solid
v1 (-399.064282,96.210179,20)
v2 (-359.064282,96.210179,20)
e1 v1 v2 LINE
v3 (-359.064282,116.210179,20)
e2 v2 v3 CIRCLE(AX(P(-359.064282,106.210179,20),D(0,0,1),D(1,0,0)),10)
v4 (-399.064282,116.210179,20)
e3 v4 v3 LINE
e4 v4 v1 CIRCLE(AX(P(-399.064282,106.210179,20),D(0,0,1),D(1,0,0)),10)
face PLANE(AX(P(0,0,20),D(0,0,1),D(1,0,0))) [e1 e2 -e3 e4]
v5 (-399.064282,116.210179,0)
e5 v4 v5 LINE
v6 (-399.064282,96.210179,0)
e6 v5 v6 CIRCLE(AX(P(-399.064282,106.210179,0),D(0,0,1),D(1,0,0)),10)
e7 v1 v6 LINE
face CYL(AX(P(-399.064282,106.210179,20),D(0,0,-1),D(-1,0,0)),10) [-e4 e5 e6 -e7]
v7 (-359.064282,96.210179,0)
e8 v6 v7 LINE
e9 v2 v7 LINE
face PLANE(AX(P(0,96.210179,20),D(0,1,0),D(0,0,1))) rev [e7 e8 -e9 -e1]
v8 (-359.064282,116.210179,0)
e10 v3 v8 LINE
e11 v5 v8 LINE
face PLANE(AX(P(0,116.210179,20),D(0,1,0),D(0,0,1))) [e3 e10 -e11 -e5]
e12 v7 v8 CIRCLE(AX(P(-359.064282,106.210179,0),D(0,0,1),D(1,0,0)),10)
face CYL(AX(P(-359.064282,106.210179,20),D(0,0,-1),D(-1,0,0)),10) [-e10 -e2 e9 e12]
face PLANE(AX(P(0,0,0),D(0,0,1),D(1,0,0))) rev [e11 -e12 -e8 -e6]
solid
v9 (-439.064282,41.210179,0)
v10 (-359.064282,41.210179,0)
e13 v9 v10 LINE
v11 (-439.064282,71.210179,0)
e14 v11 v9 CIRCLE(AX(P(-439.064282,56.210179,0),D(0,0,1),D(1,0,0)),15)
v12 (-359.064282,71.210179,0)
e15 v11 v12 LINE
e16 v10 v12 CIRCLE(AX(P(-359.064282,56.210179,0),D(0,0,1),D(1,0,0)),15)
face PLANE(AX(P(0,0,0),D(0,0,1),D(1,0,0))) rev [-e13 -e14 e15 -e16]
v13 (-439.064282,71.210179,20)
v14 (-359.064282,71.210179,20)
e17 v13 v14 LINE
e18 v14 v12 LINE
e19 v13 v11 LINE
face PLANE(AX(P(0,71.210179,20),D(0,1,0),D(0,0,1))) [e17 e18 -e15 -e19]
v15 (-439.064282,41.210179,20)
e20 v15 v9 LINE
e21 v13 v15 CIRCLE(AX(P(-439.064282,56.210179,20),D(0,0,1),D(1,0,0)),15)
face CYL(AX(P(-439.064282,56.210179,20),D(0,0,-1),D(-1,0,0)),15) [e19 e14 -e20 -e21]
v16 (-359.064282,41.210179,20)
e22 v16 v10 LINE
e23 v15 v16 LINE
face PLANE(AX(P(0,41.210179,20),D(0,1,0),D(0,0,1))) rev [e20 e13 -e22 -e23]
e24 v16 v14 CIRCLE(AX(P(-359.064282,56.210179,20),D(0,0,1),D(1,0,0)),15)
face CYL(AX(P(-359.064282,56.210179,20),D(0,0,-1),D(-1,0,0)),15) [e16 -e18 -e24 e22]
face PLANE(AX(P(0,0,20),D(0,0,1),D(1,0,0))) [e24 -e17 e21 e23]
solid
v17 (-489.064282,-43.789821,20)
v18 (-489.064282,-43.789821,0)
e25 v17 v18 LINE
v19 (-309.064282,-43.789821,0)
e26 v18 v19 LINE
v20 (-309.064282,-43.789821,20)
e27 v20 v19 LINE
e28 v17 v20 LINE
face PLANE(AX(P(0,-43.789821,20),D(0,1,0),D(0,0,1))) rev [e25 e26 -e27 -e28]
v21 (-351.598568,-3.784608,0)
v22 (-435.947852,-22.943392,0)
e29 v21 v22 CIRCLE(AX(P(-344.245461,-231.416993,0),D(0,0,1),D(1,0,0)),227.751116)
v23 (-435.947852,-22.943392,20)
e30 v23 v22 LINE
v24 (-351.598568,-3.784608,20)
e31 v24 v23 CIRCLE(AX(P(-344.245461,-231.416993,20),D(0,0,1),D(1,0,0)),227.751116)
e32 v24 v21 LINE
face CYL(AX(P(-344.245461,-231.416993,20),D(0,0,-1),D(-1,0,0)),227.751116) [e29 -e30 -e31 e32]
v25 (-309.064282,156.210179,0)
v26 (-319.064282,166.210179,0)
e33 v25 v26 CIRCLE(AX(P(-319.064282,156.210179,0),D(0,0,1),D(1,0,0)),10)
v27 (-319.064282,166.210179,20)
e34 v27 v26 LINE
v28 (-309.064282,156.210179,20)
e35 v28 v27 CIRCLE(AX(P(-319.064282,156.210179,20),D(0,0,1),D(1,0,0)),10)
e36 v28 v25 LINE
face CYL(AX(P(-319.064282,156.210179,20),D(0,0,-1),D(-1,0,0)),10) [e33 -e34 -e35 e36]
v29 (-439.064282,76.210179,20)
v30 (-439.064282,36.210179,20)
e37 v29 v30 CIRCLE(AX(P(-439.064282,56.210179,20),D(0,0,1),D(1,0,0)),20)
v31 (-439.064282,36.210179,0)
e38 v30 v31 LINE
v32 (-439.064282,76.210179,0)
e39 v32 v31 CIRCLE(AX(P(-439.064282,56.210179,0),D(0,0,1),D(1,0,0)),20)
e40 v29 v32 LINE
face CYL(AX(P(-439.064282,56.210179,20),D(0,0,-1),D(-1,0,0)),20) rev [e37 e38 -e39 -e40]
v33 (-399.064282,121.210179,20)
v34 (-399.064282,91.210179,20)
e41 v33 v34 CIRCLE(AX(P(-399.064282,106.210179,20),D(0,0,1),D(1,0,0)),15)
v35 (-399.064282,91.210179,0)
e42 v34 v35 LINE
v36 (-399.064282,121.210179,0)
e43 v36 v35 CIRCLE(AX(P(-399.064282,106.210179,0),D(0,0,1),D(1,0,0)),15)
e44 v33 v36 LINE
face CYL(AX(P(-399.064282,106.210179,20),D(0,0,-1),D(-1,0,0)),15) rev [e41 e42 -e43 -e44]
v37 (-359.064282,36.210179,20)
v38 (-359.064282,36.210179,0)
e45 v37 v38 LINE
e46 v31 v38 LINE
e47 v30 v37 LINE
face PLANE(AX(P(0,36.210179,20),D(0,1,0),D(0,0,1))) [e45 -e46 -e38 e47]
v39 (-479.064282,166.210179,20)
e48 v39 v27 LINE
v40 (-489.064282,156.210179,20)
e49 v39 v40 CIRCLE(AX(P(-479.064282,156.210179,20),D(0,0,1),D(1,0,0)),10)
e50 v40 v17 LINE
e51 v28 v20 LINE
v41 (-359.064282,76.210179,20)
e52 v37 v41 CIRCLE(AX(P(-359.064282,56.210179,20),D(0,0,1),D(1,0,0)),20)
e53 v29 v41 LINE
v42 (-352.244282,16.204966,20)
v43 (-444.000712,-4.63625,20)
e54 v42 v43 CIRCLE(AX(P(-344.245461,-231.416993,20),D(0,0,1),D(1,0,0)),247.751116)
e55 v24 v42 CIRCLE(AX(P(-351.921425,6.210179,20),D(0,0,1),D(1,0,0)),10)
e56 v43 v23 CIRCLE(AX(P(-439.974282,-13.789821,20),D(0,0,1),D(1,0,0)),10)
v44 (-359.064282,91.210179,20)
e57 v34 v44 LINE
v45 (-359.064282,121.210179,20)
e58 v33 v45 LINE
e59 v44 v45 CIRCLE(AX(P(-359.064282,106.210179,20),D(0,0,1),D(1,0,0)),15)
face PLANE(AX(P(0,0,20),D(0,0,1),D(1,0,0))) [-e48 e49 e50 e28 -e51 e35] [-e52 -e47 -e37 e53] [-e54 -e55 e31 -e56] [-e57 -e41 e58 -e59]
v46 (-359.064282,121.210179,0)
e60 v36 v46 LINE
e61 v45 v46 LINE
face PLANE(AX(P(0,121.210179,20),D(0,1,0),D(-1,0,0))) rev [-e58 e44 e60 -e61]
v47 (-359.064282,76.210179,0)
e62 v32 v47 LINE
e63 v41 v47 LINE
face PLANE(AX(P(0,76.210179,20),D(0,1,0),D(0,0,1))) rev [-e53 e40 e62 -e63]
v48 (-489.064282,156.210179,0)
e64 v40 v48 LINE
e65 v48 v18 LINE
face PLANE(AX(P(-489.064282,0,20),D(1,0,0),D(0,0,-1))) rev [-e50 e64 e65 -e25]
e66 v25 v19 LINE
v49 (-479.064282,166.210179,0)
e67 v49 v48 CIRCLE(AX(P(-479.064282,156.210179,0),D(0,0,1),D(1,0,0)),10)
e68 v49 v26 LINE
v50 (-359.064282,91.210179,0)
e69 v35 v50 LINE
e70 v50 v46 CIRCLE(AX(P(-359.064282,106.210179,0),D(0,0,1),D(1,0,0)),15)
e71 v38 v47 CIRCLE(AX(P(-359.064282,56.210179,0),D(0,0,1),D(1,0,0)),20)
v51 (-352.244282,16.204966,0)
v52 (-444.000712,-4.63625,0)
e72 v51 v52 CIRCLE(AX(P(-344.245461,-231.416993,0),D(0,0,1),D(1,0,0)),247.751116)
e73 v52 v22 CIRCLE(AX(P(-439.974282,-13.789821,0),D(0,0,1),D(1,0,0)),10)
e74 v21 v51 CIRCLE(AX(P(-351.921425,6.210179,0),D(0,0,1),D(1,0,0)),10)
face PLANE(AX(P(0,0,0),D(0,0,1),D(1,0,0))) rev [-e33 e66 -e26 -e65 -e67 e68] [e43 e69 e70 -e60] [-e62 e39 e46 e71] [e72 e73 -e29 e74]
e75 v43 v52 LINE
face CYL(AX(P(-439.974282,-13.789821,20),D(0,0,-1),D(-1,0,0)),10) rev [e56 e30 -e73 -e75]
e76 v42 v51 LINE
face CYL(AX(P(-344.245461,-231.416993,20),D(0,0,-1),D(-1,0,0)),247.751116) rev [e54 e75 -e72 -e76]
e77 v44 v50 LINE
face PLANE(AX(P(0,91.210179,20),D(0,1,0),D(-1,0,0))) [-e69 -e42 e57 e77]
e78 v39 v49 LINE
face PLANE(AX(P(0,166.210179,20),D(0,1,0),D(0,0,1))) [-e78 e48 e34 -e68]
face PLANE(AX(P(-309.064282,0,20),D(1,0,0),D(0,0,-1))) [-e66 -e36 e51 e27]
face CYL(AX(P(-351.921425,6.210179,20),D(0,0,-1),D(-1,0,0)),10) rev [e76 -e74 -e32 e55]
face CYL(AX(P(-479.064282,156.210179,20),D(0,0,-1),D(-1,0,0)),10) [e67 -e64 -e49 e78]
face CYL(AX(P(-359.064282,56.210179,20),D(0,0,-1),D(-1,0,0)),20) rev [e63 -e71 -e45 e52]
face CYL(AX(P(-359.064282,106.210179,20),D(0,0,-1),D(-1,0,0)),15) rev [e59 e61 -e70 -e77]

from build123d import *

# Parameters (mm, degrees)
EXTRUDE_10_DEPTH   = 20
EXTRUDE_10_2_DEPTH = 20
EXTRUDE_10_3_DEPTH = 20


with BuildPart() as part:
    # 草图1 → 凸台-拉伸10 (new body)
    with BuildSketch(Plane.XY):
        with BuildLine():
            Line((-479.064282439, 166.210178848), (-319.064282439, 166.210178848))
            ThreePointArc((-319.064282439, 166.210178848), (-311.993214627, 163.28124666), (-309.064282439, 156.210178848))
            Line((-309.064282439, 156.210178848), (-309.064282439, -43.789821152))
            Line((-309.064282439, -43.789821152), (-489.064282439, -43.789821152))
            Line((-489.064282439, -43.789821152), (-489.064282439, 156.210178848))
            ThreePointArc((-489.064282439, 156.210178848), (-486.135350251, 163.28124666), (-479.064282439, 166.210178848))
        make_face()
        with BuildLine():
            ThreePointArc((-444.000712398, -4.636250166), (-449.127853425, -17.81625111), (-435.947852481, -22.943392137))
            ThreePointArc((-435.947852481, -22.943392137), (-394.691102087, -9.322850403), (-351.598568154, -3.784607956))
            ThreePointArc((-351.598568154, -3.784607956), (-341.926638492, 6.533035991), (-352.244282439, 16.204965653))
            ThreePointArc((-352.244282439, 16.204965653), (-399.120993998, 10.180381577), (-444.000712398, -4.636250166))
        make_face(mode=Mode.SUBTRACT)
        with BuildLine():
            ThreePointArc((-359.064282439, 36.210178848), (-339.064282439, 56.210178848), (-359.064282439, 76.210178848))
            Line((-359.064282439, 76.210178848), (-439.064282439, 76.210178848))
            ThreePointArc((-439.064282439, 76.210178848), (-459.064282439, 56.210178848), (-439.064282439, 36.210178848))
            Line((-439.064282439, 36.210178848), (-359.064282439, 36.210178848))
        make_face(mode=Mode.SUBTRACT)
        with BuildLine():
            ThreePointArc((-359.064282439, 91.210178848), (-344.064282439, 106.210178848), (-359.064282439, 121.210178848))
            Line((-359.064282439, 121.210178848), (-399.064282439, 121.210178848))
            ThreePointArc((-399.064282439, 121.210178848), (-414.064282439, 106.210178848), (-399.064282439, 91.210178848))
            Line((-399.064282439, 91.210178848), (-359.064282439, 91.210178848))
        make_face(mode=Mode.SUBTRACT)
    extrude(amount=EXTRUDE_10_DEPTH)


with BuildPart() as body_2:
    # 草图1 → Extrude 10 2 (new body)
    with BuildSketch(Plane.XY):
        with BuildLine():
            Line((-399.064282439, 116.210178848), (-359.064282439, 116.210178848))
            ThreePointArc((-359.064282439, 116.210178848), (-349.064282439, 106.210178848), (-359.064282439, 96.210178848))
            Line((-359.064282439, 96.210178848), (-399.064282439, 96.210178848))
            ThreePointArc((-399.064282439, 96.210178848), (-409.064282439, 106.210178848), (-399.064282439, 116.210178848))
        make_face()
    extrude(amount=EXTRUDE_10_2_DEPTH)


with BuildPart() as body_3:
    # 草图1 → Extrude 10 3 (new body)
    with BuildSketch(Plane.XY):
        with BuildLine():
            Line((-439.064282439, 71.210178848), (-359.064282439, 71.210178848))
            ThreePointArc((-359.064282439, 71.210178848), (-344.064282439, 56.210178848), (-359.064282439, 41.210178848))
            Line((-359.064282439, 41.210178848), (-439.064282439, 41.210178848))
            ThreePointArc((-439.064282439, 41.210178848), (-454.064282439, 56.210178848), (-439.064282439, 71.210178848))
        make_face()
    extrude(amount=EXTRUDE_10_3_DEPTH)


solid = Compound([part.part, body_2.part, body_3.part])
